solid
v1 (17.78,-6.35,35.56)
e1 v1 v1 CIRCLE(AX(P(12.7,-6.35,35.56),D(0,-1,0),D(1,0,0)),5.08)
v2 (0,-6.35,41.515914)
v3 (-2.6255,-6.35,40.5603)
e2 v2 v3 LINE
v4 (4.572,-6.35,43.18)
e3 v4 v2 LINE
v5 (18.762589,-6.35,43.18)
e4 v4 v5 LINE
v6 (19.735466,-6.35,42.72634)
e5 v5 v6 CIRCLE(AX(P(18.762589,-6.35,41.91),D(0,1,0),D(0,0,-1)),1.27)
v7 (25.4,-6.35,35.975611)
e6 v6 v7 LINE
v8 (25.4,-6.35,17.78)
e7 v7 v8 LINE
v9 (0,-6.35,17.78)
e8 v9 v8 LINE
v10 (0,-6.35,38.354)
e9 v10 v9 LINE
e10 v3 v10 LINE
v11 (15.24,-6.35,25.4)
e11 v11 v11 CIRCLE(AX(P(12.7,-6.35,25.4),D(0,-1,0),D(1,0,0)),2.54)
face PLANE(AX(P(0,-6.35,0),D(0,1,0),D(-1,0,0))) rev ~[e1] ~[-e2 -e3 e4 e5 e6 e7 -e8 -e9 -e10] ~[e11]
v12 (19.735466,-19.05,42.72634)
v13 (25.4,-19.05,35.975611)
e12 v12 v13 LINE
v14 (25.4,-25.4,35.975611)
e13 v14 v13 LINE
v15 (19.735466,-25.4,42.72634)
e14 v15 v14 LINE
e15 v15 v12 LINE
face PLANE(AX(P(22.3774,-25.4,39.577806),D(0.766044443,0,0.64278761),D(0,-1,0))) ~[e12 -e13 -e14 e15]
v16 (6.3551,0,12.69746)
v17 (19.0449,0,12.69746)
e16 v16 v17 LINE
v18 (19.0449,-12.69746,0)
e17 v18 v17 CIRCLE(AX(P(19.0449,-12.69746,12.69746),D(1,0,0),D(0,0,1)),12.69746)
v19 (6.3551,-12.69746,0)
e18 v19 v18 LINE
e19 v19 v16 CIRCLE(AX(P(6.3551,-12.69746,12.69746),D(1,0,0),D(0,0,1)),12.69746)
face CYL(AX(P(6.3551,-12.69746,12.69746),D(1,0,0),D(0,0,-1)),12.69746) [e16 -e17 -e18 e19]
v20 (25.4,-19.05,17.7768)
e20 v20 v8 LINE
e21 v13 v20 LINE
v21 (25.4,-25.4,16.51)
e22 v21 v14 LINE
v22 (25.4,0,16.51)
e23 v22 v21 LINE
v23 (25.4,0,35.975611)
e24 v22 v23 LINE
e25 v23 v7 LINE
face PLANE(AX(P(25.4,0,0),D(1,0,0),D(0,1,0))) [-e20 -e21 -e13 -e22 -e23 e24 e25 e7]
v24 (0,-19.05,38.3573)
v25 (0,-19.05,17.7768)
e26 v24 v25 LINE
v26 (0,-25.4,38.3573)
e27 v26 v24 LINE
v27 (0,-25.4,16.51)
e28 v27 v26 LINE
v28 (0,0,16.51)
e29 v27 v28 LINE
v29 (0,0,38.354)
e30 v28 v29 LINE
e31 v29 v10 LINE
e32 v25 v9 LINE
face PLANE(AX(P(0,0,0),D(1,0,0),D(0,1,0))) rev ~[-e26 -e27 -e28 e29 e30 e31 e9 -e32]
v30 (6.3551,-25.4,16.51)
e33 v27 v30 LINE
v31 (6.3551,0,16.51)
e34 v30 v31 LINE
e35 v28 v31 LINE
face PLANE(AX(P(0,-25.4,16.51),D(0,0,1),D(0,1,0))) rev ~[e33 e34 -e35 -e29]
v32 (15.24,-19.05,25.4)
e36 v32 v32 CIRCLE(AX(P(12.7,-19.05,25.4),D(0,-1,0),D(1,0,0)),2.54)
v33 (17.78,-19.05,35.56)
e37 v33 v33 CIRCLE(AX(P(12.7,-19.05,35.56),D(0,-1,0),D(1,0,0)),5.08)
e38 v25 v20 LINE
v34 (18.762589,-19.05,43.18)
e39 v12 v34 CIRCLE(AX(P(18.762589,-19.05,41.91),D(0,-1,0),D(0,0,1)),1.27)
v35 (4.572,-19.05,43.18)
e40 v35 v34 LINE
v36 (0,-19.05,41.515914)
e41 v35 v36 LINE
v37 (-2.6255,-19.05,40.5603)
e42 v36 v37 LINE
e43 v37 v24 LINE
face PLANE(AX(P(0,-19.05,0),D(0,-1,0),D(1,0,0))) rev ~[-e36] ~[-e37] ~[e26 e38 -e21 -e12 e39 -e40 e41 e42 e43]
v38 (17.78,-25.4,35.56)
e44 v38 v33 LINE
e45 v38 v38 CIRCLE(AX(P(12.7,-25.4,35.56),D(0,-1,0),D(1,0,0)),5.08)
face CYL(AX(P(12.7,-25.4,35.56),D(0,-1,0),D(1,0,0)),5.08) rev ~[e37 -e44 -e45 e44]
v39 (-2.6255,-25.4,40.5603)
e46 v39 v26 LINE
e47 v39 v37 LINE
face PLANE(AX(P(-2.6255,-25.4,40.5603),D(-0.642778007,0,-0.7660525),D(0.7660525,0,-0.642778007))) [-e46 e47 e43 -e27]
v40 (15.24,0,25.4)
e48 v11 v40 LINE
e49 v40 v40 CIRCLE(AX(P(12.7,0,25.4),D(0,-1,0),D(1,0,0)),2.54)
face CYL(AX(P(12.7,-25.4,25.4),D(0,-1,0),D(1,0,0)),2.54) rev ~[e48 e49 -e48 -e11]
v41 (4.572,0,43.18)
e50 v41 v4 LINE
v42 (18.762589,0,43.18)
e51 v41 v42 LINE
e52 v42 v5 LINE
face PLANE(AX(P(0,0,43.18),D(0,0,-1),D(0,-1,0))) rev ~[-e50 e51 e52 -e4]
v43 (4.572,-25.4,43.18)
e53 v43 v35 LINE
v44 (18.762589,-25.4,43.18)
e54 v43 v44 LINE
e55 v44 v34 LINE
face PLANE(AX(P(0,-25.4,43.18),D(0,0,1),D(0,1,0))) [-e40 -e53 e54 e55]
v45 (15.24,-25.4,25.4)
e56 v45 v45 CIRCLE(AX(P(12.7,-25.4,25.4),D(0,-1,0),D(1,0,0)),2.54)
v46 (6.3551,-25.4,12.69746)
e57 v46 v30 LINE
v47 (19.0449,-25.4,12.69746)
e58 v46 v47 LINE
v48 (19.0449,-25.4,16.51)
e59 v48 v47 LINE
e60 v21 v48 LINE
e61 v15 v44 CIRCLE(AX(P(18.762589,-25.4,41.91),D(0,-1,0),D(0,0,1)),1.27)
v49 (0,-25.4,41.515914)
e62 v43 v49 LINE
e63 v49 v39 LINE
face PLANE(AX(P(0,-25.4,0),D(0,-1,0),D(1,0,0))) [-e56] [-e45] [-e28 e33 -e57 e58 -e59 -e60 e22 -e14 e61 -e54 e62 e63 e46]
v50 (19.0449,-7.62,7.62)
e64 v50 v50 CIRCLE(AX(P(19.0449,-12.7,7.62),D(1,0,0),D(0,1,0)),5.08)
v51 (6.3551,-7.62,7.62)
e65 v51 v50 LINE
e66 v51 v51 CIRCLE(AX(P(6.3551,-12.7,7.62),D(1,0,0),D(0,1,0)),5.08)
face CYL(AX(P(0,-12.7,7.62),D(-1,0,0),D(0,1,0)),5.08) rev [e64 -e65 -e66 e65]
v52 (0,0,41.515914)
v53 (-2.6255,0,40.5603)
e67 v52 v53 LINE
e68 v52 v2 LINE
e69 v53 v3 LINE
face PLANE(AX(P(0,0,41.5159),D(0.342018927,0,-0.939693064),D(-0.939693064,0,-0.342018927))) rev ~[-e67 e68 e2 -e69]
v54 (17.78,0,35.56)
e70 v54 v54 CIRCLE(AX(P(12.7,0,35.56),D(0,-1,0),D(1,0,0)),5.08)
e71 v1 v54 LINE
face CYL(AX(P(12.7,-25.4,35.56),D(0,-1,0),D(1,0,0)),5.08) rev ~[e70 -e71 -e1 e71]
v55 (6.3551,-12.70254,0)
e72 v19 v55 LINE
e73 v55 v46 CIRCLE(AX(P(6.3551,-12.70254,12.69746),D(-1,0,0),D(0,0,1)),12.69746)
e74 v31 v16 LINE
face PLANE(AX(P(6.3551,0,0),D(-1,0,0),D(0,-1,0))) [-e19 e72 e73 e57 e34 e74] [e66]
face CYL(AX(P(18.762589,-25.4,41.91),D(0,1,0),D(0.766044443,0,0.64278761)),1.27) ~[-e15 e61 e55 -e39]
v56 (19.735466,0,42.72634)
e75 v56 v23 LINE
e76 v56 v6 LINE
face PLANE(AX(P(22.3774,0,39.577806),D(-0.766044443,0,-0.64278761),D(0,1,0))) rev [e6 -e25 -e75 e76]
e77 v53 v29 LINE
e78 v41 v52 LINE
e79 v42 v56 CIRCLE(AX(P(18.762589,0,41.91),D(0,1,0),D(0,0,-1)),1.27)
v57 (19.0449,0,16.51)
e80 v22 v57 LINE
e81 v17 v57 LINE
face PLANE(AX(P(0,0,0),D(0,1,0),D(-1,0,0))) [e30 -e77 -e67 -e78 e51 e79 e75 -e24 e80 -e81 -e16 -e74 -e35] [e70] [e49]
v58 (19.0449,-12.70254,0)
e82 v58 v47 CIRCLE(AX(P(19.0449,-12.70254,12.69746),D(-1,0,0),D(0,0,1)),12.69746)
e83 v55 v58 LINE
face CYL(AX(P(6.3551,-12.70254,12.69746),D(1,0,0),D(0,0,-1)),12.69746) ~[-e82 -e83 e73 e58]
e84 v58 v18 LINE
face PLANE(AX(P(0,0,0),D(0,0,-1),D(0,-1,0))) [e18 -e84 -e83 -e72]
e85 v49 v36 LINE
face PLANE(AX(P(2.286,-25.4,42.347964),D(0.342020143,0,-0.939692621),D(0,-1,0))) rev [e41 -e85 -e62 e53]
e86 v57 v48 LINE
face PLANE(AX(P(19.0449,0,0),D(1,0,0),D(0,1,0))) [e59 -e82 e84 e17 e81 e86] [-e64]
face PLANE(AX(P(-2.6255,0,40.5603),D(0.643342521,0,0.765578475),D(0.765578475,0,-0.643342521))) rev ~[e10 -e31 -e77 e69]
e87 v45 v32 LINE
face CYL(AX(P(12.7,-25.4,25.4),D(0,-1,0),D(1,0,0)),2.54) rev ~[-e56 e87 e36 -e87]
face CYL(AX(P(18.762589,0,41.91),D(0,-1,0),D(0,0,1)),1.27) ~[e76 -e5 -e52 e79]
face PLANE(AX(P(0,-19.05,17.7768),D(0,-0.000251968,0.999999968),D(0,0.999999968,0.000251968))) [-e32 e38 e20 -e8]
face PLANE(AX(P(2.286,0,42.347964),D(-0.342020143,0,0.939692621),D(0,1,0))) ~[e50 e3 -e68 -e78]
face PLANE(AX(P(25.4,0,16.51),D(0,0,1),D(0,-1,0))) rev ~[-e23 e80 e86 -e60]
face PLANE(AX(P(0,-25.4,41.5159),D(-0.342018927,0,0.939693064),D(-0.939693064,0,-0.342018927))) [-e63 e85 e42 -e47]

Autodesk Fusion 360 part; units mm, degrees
sketch "Sketch1" plane through (0, 0, 0) normal (1, 0, 0) x (0, 1, 0)
  line L0 (0, 0) -> (-25.4, 0)
  line L1 (-25.4, 0) -> (-25.4, 43.18)
  line L2 (-25.4, 43.18) -> (-19.05, 43.18)
  line L3 (0, 0) -> (0, 43.18)
  line L4 (0, 43.18) -> (-6.35, 43.18)
  line L5 (-6.35, 43.18) -> (-6.35, 17.78)
  line L6 (-19.05, 43.18) -> (-19.05, 17.7768)
  line L7 (-19.05, 17.7768) -> (-6.35, 17.78)
  circle A0 centre (-12.7, 7.62) radius 5.08
  dimension "d1" = 25.4
  dimension "d2" = 43.18
  dimension "d3" = 6.35
  dimension "d5" = 25.4
  dimension "d6" = 10.16
  dimension "d7" = 12.7
  dimension "d8" = 7.62
  dimension "d10" = 6.35
  dimension "d11" = 12.7
  dimension "d12" = 43.18
extrude "Extrude1" add sketch "Sketch1" along normal blind 25.4
sketch "Sketch2" plane through (25.4, 0, 0) normal (1, 0, 0) x (0, 1, 0)
  circle A0 centre (-12.7, 7.62) radius 5.08
  line L0 (0, 0) -> (0, 43.18)
  line L1 (0, 43.18) -> (-6.35, 43.18)
  line L2 (-6.35, 43.18) -> (-6.35, 17.78)
  line L3 (-6.35, 17.78) -> (-19.05, 17.7768)
  line L4 (-19.05, 17.7768) -> (-19.05, 43.18)
  line L5 (-19.05, 43.18) -> (-25.4, 43.18)
  line L6 (-25.4, 43.18) -> (-25.4, 0)
  line L7 (-25.4, 0) -> (0, 0)
  line L8 (-25.4, 0) -> (0, 0)
  line L9 (0, 0) -> (0, 16.51)
  line L10 (0, 16.51) -> (-25.4, 16.51)
  line L11 (-25.4, 16.51) -> (-25.4, 0)
  dimension "d28" = 16.51
extrude "Extrude2" cut sketch "Sketch2" against normal blind 6.3551 contours L0 L6 L7 L8 L9 L10 L11
sketch "Sketch3" plane through (0, 0, 0) normal (-1, 0, 0) x (0, -1, 0)
  circle A0 centre (12.7, 7.62) radius 5.08
  line L0 (0, 43.18) -> (0, 0)
  line L1 (0, 0) -> (25.4, 0)
  line L2 (25.4, 0) -> (25.4, 43.18)
  line L3 (25.4, 43.18) -> (19.05, 43.18)
  line L4 (19.05, 43.18) -> (19.05, 17.7768)
  line L5 (19.05, 17.7768) -> (6.35, 17.78)
  line L6 (6.35, 17.78) -> (6.35, 43.18)
  line L7 (6.35, 43.18) -> (0, 43.18)
  line L8 (0, 0) -> (25.4, 0)
  line L9 (25.4, 0) -> (25.4, 16.51)
  line L10 (25.4, 16.51) -> (0, 16.51)
  line L11 (0, 16.51) -> (0, 0)
  dimension "d29" = 16.51
extrude "Extrude3" cut sketch "Sketch3" against normal blind 6.3551 contours L0 L1 L2 L8 L9 L10 L11
sketch "Sketch4" plane through (0, -25.4, 0) normal (0, -1, 0) x (1, 0, 0)
  line L0 (6.3551, 16.51) -> (6.3551, 0)
  line L1 (6.3551, 0) -> (19.0449, 0)
  line L2 (19.0449, 0) -> (19.0449, 16.51)
  line L3 (19.0449, 16.51) -> (25.4, 16.51)
  line L4 (25.4, 16.51) -> (25.4, 43.18)
  line L5 (25.4, 43.18) -> (0, 43.18)
  line L6 (0, 43.18) -> (0, 16.51)
  line L7 (0, 16.51) -> (6.3551, 16.51)
  line L8 (0, 43.18) -> (25.4422, 43.18)
  line L9 (25.4422, 43.18) -> (25.4422, 17.78)
  line L10 (25.4422, 17.78) -> (0, 17.78)
  line L11 (0, 17.78) -> (0, 43.18)
  circle A0 centre (12.7, 25.4) radius 2.54
  circle A1 centre (12.7, 35.56) radius 5.08
  dimension "d19" = 25.4
  dimension "d20" = 5.08
  dimension "d22" = 12.7
  dimension "d23" = 10.16
  dimension "d24" = 7.62
  dimension "d25" = 12.7
  dimension "d47" = 10.16
extrude "Extrude4" cut sketch "Sketch4" against normal blind 40.64 contours A0 | A1
fillet "Fillet1" radius 12.7 2 edges at (12.7, -25.4, 0) (12.7, 0, 0)
chamfer "Chamfer1" distance 6.0452 angle 50 2 edges at (25.4, -22.225, 43.18) (25.4, -3.175, 43.18) measured on face at (8.4667, -23.2833, 43.18) measured on face at (8.4667, -2.1167, 43.18)
chamfer "Chamfer2" distance 4.572 angle 20 1 edges at (0, -3.175, 43.18) measured on face at (12.9032, -2.1167, 43.18)
chamfer "Chamfer3" distance 4.572 angle 20 1 edges at (0, -22.225, 43.18) measured on face at (12.9032, -23.2833, 43.18)
sketch "Sketch5" plane through (0, -25.4, 0) normal (0, -1, 0) x (1, 0, 0)
  line L0 (4.572, 43.18) -> (0, 41.5159)
  line L1 (0, 41.5159) -> (0, 16.51)
  line L2 (0, 16.51) -> (6.3551, 16.51)
  line L3 (6.3551, 16.51) -> (6.3551, 12.7)
  line L4 (6.3551, 12.7) -> (19.0449, 12.7)
  line L5 (19.0449, 12.7) -> (19.0449, 16.51)
  line L6 (19.0449, 16.51) -> (25.4, 16.51)
  line L7 (25.4, 16.51) -> (25.4, 35.9756)
  line L8 (25.4, 35.9756) -> (19.3548, 43.18)
  line L9 (19.3548, 43.18) -> (4.572, 43.18)
  circle A0 centre (12.7, 35.56) radius 5.08
  circle A1 centre (12.7, 25.4) radius 2.54
  line L10 (0, 41.5159) -> (-2.6255, 40.5603)
  line L11 (-2.6255, 40.5603) -> (0, 38.3573)
  dimension "d38" = 2.794
  dimension "d39" = 60
extrude "Extrude5" add sketch "Sketch5" against normal blind 6.35 contours L1 L10 L11
sketch "Sketch6" plane through (0, 0, 0) normal (0, 1, 0) x (-1, 0, 0)
  line L0 (0, 41.5159) -> (-4.572, 43.18)
  line L1 (-4.572, 43.18) -> (-19.3548, 43.18)
  line L2 (-19.3548, 43.18) -> (-25.4, 35.9756)
  line L3 (-25.4, 35.9756) -> (-25.4, 16.51)
  line L4 (-25.4, 16.51) -> (-19.0449, 16.51)
  line L5 (-19.0449, 16.51) -> (-19.0449, 12.7)
  line L6 (-19.0449, 12.7) -> (-6.3551, 12.7)
  line L7 (-6.3551, 12.7) -> (-6.3551, 16.51)
  line L8 (-6.3551, 16.51) -> (0, 16.51)
  line L9 (0, 16.51) -> (0, 41.5159)
  circle A0 centre (-12.7, 25.4) radius 2.54
  circle A1 centre (-12.7, 35.56) radius 5.08
  line L10 (0, 41.5159) -> (2.6255, 40.5603)
  line L11 (2.6255, 40.5603) -> (0, 38.354)
  line L12 (0, 38.354) -> (0, 41.5159)
  dimension "d42" = 2.794
extrude "Extrude6" add sketch "Sketch6" against normal blind 6.35 contours L9 L10 L11 L12
fillet "Fillet2" radius 1.27 2 edges at (19.3548, -22.225, 43.18) (19.3548, -3.175, 43.18)
